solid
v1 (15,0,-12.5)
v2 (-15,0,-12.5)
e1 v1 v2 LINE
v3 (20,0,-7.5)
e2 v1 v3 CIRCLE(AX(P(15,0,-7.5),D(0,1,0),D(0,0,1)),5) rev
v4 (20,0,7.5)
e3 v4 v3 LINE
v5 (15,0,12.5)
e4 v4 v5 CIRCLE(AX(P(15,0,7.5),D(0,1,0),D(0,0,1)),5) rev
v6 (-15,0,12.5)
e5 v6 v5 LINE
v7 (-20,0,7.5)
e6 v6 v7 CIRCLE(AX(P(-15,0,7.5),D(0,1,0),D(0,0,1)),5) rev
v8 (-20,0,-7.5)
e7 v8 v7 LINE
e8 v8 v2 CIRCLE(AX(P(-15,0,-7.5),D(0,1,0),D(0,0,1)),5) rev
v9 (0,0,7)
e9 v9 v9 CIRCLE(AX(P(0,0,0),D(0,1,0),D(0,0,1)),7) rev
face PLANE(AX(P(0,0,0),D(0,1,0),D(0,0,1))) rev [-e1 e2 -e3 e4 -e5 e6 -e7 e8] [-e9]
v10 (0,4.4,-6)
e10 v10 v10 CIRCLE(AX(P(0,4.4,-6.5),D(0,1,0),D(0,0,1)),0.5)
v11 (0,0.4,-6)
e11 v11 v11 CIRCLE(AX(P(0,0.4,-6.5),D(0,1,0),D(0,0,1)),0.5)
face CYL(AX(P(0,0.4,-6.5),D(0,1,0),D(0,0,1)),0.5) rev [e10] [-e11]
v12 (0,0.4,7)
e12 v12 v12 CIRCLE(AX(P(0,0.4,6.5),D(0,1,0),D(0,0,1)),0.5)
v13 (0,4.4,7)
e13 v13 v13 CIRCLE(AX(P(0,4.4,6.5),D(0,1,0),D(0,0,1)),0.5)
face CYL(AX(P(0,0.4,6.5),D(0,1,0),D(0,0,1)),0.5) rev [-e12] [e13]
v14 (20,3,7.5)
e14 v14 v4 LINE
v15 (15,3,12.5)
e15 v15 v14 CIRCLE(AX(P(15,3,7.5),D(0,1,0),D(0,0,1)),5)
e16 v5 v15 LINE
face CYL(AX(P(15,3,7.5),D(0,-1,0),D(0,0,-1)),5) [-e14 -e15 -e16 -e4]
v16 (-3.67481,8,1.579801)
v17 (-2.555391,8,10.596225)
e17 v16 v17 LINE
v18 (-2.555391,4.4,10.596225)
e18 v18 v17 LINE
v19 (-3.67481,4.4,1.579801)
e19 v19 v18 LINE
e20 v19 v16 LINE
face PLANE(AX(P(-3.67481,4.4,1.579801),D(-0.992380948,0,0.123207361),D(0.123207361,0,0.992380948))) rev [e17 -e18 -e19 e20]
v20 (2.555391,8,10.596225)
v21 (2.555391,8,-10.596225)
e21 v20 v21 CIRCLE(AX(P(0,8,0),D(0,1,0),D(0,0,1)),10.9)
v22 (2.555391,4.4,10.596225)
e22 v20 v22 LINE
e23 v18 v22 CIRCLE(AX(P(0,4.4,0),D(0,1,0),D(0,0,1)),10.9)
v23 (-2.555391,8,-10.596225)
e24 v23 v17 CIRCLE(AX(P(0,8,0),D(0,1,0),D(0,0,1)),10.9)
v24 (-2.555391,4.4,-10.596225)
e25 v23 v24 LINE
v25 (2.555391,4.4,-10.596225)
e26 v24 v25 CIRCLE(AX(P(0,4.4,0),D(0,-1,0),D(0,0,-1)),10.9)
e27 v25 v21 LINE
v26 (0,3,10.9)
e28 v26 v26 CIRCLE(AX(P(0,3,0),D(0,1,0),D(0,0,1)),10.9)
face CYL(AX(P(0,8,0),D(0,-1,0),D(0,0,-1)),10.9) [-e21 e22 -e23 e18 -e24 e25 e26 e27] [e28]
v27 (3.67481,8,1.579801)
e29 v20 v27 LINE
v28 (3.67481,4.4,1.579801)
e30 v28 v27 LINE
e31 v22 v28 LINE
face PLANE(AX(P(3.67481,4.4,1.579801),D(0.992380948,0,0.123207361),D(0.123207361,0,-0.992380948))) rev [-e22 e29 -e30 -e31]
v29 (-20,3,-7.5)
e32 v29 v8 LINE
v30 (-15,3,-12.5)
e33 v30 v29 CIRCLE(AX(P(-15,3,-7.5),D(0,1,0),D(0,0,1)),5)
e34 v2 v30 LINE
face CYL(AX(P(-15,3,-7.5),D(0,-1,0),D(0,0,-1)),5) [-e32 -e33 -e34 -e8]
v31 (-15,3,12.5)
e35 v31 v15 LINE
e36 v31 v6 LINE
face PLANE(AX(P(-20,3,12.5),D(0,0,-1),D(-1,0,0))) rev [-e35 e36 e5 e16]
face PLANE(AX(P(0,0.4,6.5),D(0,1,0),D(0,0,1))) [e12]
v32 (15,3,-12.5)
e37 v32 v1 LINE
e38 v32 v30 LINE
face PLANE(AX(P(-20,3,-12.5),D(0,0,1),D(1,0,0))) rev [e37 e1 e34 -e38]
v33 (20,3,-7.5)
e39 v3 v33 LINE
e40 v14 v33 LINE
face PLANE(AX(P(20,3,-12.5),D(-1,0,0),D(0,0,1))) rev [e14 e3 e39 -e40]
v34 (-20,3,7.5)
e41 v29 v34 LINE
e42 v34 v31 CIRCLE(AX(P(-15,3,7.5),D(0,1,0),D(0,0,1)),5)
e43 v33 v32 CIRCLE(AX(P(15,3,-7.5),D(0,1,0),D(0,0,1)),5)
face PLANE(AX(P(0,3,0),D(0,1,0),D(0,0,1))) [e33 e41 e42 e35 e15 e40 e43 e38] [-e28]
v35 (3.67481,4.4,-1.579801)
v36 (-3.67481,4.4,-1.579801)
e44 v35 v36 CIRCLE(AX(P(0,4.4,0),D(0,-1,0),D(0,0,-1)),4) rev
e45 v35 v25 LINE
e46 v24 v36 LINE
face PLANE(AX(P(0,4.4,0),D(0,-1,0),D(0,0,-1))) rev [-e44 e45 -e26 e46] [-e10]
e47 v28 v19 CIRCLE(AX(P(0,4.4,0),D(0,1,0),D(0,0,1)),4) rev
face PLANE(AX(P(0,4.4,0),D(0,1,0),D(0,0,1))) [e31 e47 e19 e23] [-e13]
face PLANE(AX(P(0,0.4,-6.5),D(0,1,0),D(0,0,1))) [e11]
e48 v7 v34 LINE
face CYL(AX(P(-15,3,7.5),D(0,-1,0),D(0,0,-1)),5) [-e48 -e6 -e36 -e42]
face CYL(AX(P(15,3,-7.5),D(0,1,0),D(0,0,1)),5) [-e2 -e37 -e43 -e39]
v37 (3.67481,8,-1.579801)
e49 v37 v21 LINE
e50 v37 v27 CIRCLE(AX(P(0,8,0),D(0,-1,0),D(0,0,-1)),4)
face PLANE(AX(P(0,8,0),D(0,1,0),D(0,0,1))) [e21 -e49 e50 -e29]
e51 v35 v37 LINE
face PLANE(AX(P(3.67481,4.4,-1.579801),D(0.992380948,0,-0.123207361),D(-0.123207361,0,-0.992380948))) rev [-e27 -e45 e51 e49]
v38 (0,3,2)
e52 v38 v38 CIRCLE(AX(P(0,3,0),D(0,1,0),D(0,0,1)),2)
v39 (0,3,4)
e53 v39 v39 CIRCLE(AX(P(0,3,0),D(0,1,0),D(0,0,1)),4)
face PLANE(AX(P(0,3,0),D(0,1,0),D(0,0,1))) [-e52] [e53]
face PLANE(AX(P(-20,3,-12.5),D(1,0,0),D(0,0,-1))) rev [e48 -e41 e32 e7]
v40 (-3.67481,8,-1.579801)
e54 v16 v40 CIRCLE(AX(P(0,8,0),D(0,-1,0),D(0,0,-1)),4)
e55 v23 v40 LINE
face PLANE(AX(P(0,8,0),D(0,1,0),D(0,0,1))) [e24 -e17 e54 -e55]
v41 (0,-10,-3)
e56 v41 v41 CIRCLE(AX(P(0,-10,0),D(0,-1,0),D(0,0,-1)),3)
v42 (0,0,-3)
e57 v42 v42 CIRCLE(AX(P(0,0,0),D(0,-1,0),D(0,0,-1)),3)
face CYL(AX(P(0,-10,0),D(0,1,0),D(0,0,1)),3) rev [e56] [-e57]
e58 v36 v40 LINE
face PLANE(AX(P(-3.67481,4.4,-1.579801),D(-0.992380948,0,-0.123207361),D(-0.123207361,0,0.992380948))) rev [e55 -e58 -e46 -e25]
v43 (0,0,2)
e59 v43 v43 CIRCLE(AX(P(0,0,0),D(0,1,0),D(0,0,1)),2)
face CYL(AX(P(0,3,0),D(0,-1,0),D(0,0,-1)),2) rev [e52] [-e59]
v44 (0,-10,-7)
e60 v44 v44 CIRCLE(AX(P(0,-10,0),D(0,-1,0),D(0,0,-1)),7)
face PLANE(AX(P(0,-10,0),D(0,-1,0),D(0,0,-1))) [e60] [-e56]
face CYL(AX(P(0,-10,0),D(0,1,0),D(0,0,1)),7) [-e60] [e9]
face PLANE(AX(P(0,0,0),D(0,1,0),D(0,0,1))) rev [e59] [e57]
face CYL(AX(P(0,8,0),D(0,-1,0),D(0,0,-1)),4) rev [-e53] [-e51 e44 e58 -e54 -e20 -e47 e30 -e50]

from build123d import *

# Parameters (mm, degrees)
SKETCH_1_W          = 40
SKETCH_1_H          = 25
EXTRUDE_1_DEPTH     = 3
SKETCH_2_R          = 10.9
EXTRUDE_2_DEPTH     = 5
SKETCH_3_R          = 4
CUT_EXTRUDE_1_DEPTH = 25.904818811
CUT_EXTRUDE_2_DEPTH = 3.6
SKETCH_5_R          = 0.5
CUT_EXTRUDE_3_DEPTH = 4
FILLET_1_R          = 5
FILLET_2_R          = 5
FILLET_3_R          = 5
FILLET_4_R          = 5
SKETCH_6_R          = 7
SKETCH_6_R_2        = 3
EXTRUDE_3_DEPTH     = 10
SKETCH_7_R          = 4
SKETCH_7_R_2        = 2
EXTRUDE_4_DEPTH     = 3


with BuildPart() as part:
    # 草图1 → 凸台-拉伸1 (new body)
    with BuildSketch(Plane(origin=(0, 0, 0), x_dir=(1, 0, 0), z_dir=(0, 1, 0))):
        Rectangle(SKETCH_1_W, SKETCH_1_H)
    extrude(amount=EXTRUDE_1_DEPTH)

    # 草图2 → 凸台-拉伸2 (add)
    with BuildSketch(Plane(origin=(0, 3, 0), x_dir=(1, 0, 0), z_dir=(0, 1, 0))):
        with Locations(Location((0, 0, 0), (0, 0, 270))):
            Circle(SKETCH_2_R)
    extrude(amount=EXTRUDE_2_DEPTH)

    # 草图3 → 切除-拉伸1 (cut, through all)
    with BuildSketch(Plane.XZ):
        with Locations(Location((0, 0, 0), (0, 0, 270))):
            Circle(SKETCH_3_R)
    extrude(amount=-CUT_EXTRUDE_1_DEPTH, mode=Mode.SUBTRACT)

    # 草图4 → 切除-拉伸2 (cut)
    with BuildSketch(Plane(origin=(0, 8, 0), x_dir=(1, 0, 0), z_dir=(0, 1, 0))):
        Polygon((3.674809939, -1.579801226), (2.341337155, -12.320336373), (-2.341337155, -12.320336373), (-3.674809939, -1.579801226), align=None)
        Polygon((-3.674809939, 1.579801226), (-2.341337155, 12.320336373), (2.341337155, 12.320336373), (3.674809939, 1.579801226), align=None)
    extrude(amount=-CUT_EXTRUDE_2_DEPTH, mode=Mode.SUBTRACT)

    # 草图5 → 切除-拉伸3 (cut)
    with BuildSketch(Plane(origin=(0, 4.4, 0), x_dir=(1, 0, 0), z_dir=(0, 1, 0))):
        with Locations(Location((0, -6.5, 0), (0, 0, 270))):
            Circle(SKETCH_5_R)
        with Locations(Location((0, 6.5, 0), (0, 0, 270))):
            Circle(SKETCH_5_R)
    extrude(amount=-CUT_EXTRUDE_3_DEPTH, mode=Mode.SUBTRACT)

    # 圆角1
    fillet_1_edges = [part.edges().sort_by_distance(p)[0] for p in [
        (20, 1.5, 12.5),
    ]]
    fillet(fillet_1_edges, radius=FILLET_1_R)

    # 圆角2
    fillet_2_edges = [part.edges().sort_by_distance(p)[0] for p in [
        (-20, 1.5, 12.5),
    ]]
    fillet(fillet_2_edges, radius=FILLET_2_R)

    # 圆角3
    fillet_3_edges = [part.edges().sort_by_distance(p)[0] for p in [
        (-20, 1.5, -12.5),
    ]]
    fillet(fillet_3_edges, radius=FILLET_3_R)

    # 圆角4
    fillet_4_edges = [part.edges().sort_by_distance(p)[0] for p in [
        (20, 1.5, -12.5),
    ]]
    fillet(fillet_4_edges, radius=FILLET_4_R)

    # 草图6 → 凸台-拉伸3 (add)
    with BuildSketch(Plane(origin=(0, 0, 0), x_dir=(-1, 0, 0), z_dir=(0, -1, 0))):
        with Locations(Location((0, 0, 0), (0, 0, 270))):
            Circle(SKETCH_6_R)
        with Locations(Location((0, 0, 0), (0, 0, 90))):
            Circle(SKETCH_6_R_2, mode=Mode.SUBTRACT)
    extrude(amount=EXTRUDE_3_DEPTH)

    # 草图7 → 凸台-拉伸4 (add)
    with BuildSketch(Plane(origin=(0, 0, 0), x_dir=(1, 0, 0), z_dir=(0, 1, 0))):
        with Locations(Location((0, 0, 0), (0, 0, 156.73712516))):
            Circle(SKETCH_7_R)
        with Locations(Location((0, 0, 0), (0, 0, 270))):
            Circle(SKETCH_7_R_2, mode=Mode.SUBTRACT)
    extrude(amount=EXTRUDE_4_DEPTH)


solid = part.part
